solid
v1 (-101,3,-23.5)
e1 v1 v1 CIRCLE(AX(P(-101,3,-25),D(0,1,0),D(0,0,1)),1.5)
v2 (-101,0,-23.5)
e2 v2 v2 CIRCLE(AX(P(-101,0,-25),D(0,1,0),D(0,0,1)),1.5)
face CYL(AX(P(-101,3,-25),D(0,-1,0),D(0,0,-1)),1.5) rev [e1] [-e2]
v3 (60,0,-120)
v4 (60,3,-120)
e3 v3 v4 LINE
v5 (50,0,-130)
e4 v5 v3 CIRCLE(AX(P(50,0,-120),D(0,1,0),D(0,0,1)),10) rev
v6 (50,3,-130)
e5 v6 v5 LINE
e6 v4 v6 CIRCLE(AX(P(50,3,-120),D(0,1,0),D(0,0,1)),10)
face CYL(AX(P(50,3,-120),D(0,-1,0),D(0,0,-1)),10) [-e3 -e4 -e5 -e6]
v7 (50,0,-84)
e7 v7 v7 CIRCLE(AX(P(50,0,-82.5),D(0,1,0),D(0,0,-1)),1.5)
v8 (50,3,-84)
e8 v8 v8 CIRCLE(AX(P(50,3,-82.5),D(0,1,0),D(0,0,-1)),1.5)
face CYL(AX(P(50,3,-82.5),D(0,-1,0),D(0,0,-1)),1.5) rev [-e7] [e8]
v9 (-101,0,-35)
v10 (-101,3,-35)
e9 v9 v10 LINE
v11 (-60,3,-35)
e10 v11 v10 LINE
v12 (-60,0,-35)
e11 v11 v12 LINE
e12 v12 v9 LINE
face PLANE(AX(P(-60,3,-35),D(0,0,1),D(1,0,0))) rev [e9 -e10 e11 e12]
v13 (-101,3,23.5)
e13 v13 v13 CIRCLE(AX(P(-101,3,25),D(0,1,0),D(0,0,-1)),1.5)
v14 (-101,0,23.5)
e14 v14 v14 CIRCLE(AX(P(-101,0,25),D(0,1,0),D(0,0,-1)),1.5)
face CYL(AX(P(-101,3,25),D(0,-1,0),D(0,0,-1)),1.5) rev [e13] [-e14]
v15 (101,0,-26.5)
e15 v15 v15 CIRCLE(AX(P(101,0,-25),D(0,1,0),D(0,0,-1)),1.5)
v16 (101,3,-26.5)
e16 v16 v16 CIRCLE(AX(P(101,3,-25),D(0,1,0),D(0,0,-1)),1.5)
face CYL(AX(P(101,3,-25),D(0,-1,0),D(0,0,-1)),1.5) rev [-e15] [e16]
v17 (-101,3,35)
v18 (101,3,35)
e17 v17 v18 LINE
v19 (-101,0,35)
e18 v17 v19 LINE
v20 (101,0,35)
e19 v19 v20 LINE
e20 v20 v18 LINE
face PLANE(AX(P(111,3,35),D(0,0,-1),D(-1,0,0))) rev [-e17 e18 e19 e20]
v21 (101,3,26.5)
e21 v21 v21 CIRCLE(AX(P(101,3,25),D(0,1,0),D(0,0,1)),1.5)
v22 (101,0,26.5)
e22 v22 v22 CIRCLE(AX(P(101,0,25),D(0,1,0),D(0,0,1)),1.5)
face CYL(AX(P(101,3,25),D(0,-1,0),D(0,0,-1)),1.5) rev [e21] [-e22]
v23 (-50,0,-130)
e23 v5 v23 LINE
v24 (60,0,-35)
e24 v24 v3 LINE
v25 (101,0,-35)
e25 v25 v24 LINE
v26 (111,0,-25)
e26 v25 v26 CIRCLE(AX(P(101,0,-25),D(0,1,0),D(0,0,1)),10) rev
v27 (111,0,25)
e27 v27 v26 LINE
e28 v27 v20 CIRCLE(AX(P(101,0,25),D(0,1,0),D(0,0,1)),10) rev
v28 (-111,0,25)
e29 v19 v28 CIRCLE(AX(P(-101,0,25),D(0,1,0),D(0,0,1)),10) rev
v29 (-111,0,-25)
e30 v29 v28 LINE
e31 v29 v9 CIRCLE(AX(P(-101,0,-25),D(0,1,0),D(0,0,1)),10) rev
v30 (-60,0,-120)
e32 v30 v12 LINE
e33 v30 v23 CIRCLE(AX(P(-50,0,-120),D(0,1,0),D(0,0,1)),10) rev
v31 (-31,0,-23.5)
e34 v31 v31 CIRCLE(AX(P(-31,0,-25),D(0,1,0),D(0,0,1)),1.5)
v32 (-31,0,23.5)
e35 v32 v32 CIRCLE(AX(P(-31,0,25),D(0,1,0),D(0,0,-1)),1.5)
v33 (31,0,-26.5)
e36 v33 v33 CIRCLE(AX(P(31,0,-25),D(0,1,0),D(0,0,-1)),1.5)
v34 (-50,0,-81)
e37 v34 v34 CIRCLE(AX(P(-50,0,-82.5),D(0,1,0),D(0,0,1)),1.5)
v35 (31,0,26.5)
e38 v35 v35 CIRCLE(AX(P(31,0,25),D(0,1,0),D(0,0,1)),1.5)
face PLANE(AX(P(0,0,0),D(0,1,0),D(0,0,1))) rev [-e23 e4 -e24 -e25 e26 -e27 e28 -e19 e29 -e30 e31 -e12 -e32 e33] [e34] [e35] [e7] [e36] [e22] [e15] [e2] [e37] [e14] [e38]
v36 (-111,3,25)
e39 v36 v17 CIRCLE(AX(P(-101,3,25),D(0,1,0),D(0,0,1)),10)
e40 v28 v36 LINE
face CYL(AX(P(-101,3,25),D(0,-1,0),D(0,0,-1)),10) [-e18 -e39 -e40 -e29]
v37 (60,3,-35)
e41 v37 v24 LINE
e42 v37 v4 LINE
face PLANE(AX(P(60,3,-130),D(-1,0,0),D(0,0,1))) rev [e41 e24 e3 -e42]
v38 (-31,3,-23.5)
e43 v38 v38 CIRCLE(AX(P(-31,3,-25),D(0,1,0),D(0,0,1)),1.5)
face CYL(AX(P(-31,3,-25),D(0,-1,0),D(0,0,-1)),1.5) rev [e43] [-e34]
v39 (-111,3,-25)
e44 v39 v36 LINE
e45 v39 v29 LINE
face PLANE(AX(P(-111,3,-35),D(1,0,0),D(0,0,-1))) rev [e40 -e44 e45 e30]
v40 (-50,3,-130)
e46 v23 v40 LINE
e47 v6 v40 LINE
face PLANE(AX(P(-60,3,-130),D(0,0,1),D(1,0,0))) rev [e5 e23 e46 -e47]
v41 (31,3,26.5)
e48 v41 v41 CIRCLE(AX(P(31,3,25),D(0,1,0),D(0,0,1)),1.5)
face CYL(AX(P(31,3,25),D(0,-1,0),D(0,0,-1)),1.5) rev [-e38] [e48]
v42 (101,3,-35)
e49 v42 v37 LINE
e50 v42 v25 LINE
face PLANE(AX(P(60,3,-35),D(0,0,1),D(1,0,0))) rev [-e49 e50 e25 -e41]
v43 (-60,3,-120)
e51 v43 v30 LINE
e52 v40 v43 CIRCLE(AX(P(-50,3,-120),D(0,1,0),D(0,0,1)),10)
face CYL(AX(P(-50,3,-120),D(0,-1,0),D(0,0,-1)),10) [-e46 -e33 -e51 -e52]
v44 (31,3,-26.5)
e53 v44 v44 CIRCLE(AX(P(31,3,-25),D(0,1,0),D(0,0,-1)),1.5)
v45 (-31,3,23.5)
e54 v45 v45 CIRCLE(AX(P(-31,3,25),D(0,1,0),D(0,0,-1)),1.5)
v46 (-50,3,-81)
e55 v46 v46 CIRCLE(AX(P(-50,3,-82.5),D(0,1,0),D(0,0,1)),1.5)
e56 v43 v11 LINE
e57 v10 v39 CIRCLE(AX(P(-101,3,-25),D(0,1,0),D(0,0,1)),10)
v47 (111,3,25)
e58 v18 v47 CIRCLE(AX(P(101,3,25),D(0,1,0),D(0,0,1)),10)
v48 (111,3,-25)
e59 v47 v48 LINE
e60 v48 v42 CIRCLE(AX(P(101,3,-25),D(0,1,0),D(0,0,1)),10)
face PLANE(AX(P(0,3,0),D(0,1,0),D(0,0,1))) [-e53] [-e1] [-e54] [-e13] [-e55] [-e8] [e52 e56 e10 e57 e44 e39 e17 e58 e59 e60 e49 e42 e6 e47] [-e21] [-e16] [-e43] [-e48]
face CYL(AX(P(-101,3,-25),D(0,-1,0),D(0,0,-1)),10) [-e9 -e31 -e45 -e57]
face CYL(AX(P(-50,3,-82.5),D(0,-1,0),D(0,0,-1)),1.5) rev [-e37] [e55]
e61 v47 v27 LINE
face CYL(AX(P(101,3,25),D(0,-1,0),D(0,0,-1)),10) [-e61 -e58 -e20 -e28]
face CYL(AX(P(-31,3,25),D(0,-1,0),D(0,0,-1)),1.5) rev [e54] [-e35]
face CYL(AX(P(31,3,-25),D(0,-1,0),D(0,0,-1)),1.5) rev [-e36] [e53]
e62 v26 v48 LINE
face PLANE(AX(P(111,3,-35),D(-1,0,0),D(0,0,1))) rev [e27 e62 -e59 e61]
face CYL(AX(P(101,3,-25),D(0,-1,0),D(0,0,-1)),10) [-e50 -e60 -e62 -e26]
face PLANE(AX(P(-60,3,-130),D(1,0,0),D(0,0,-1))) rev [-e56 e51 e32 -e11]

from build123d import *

# Parameters (mm, degrees)
SKETCH1_R           = 1.5
BOSS_EXTRUDE1_DEPTH = 3
FILLET1_R           = 10


with BuildPart() as part:
    # Sketch1 → Boss-Extrude1 (new body)
    with BuildSketch(Plane(origin=(0, 0, 0), x_dir=(1, 0, 0), z_dir=(0, 1, 0))):
        Polygon((-60, 130), (60, 130), (60, 35), (111, 35), (111, -35), (-111, -35), (-111, 35), (-60, 35), align=None)
        with Locations(Location((-50, 82.5, 0), (0, 0, 270))):
            Circle(SKETCH1_R, mode=Mode.SUBTRACT)
        with Locations(Location((-101, 25, 0), (0, 0, 270))):
            Circle(SKETCH1_R, mode=Mode.SUBTRACT)
        with Locations(Location((-101, -25, 0), (0, 0, 90))):
            Circle(SKETCH1_R, mode=Mode.SUBTRACT)
        with Locations(Location((-31, 25, 0), (0, 0, 270))):
            Circle(SKETCH1_R, mode=Mode.SUBTRACT)
        with Locations(Location((-31, -25, 0), (0, 0, 90))):
            Circle(SKETCH1_R, mode=Mode.SUBTRACT)
        with Locations(Location((101, 25, 0), (0, 0, 90))):
            Circle(SKETCH1_R, mode=Mode.SUBTRACT)
        with Locations(Location((101, -25, 0), (0, 0, 270))):
            Circle(SKETCH1_R, mode=Mode.SUBTRACT)
        with Locations(Location((31, -25, 0), (0, 0, 270))):
            Circle(SKETCH1_R, mode=Mode.SUBTRACT)
        with Locations(Location((31, 25, 0), (0, 0, 90))):
            Circle(SKETCH1_R, mode=Mode.SUBTRACT)
        with Locations(Location((50, 82.5, 0), (0, 0, 90))):
            Circle(SKETCH1_R, mode=Mode.SUBTRACT)
    extrude(amount=BOSS_EXTRUDE1_DEPTH)

    # Fillet1
    fillet1_edges = [part.edges().sort_by_distance(p)[0] for p in [
        (111, 1.5, -35),
        (111, 1.5, 35),
        (-111, 1.5, 35),
        (-111, 1.5, -35),
        (-60, 1.5, -130),
        (60, 1.5, -130),
    ]]
    fillet(fillet1_edges, radius=FILLET1_R)


solid = part.part
